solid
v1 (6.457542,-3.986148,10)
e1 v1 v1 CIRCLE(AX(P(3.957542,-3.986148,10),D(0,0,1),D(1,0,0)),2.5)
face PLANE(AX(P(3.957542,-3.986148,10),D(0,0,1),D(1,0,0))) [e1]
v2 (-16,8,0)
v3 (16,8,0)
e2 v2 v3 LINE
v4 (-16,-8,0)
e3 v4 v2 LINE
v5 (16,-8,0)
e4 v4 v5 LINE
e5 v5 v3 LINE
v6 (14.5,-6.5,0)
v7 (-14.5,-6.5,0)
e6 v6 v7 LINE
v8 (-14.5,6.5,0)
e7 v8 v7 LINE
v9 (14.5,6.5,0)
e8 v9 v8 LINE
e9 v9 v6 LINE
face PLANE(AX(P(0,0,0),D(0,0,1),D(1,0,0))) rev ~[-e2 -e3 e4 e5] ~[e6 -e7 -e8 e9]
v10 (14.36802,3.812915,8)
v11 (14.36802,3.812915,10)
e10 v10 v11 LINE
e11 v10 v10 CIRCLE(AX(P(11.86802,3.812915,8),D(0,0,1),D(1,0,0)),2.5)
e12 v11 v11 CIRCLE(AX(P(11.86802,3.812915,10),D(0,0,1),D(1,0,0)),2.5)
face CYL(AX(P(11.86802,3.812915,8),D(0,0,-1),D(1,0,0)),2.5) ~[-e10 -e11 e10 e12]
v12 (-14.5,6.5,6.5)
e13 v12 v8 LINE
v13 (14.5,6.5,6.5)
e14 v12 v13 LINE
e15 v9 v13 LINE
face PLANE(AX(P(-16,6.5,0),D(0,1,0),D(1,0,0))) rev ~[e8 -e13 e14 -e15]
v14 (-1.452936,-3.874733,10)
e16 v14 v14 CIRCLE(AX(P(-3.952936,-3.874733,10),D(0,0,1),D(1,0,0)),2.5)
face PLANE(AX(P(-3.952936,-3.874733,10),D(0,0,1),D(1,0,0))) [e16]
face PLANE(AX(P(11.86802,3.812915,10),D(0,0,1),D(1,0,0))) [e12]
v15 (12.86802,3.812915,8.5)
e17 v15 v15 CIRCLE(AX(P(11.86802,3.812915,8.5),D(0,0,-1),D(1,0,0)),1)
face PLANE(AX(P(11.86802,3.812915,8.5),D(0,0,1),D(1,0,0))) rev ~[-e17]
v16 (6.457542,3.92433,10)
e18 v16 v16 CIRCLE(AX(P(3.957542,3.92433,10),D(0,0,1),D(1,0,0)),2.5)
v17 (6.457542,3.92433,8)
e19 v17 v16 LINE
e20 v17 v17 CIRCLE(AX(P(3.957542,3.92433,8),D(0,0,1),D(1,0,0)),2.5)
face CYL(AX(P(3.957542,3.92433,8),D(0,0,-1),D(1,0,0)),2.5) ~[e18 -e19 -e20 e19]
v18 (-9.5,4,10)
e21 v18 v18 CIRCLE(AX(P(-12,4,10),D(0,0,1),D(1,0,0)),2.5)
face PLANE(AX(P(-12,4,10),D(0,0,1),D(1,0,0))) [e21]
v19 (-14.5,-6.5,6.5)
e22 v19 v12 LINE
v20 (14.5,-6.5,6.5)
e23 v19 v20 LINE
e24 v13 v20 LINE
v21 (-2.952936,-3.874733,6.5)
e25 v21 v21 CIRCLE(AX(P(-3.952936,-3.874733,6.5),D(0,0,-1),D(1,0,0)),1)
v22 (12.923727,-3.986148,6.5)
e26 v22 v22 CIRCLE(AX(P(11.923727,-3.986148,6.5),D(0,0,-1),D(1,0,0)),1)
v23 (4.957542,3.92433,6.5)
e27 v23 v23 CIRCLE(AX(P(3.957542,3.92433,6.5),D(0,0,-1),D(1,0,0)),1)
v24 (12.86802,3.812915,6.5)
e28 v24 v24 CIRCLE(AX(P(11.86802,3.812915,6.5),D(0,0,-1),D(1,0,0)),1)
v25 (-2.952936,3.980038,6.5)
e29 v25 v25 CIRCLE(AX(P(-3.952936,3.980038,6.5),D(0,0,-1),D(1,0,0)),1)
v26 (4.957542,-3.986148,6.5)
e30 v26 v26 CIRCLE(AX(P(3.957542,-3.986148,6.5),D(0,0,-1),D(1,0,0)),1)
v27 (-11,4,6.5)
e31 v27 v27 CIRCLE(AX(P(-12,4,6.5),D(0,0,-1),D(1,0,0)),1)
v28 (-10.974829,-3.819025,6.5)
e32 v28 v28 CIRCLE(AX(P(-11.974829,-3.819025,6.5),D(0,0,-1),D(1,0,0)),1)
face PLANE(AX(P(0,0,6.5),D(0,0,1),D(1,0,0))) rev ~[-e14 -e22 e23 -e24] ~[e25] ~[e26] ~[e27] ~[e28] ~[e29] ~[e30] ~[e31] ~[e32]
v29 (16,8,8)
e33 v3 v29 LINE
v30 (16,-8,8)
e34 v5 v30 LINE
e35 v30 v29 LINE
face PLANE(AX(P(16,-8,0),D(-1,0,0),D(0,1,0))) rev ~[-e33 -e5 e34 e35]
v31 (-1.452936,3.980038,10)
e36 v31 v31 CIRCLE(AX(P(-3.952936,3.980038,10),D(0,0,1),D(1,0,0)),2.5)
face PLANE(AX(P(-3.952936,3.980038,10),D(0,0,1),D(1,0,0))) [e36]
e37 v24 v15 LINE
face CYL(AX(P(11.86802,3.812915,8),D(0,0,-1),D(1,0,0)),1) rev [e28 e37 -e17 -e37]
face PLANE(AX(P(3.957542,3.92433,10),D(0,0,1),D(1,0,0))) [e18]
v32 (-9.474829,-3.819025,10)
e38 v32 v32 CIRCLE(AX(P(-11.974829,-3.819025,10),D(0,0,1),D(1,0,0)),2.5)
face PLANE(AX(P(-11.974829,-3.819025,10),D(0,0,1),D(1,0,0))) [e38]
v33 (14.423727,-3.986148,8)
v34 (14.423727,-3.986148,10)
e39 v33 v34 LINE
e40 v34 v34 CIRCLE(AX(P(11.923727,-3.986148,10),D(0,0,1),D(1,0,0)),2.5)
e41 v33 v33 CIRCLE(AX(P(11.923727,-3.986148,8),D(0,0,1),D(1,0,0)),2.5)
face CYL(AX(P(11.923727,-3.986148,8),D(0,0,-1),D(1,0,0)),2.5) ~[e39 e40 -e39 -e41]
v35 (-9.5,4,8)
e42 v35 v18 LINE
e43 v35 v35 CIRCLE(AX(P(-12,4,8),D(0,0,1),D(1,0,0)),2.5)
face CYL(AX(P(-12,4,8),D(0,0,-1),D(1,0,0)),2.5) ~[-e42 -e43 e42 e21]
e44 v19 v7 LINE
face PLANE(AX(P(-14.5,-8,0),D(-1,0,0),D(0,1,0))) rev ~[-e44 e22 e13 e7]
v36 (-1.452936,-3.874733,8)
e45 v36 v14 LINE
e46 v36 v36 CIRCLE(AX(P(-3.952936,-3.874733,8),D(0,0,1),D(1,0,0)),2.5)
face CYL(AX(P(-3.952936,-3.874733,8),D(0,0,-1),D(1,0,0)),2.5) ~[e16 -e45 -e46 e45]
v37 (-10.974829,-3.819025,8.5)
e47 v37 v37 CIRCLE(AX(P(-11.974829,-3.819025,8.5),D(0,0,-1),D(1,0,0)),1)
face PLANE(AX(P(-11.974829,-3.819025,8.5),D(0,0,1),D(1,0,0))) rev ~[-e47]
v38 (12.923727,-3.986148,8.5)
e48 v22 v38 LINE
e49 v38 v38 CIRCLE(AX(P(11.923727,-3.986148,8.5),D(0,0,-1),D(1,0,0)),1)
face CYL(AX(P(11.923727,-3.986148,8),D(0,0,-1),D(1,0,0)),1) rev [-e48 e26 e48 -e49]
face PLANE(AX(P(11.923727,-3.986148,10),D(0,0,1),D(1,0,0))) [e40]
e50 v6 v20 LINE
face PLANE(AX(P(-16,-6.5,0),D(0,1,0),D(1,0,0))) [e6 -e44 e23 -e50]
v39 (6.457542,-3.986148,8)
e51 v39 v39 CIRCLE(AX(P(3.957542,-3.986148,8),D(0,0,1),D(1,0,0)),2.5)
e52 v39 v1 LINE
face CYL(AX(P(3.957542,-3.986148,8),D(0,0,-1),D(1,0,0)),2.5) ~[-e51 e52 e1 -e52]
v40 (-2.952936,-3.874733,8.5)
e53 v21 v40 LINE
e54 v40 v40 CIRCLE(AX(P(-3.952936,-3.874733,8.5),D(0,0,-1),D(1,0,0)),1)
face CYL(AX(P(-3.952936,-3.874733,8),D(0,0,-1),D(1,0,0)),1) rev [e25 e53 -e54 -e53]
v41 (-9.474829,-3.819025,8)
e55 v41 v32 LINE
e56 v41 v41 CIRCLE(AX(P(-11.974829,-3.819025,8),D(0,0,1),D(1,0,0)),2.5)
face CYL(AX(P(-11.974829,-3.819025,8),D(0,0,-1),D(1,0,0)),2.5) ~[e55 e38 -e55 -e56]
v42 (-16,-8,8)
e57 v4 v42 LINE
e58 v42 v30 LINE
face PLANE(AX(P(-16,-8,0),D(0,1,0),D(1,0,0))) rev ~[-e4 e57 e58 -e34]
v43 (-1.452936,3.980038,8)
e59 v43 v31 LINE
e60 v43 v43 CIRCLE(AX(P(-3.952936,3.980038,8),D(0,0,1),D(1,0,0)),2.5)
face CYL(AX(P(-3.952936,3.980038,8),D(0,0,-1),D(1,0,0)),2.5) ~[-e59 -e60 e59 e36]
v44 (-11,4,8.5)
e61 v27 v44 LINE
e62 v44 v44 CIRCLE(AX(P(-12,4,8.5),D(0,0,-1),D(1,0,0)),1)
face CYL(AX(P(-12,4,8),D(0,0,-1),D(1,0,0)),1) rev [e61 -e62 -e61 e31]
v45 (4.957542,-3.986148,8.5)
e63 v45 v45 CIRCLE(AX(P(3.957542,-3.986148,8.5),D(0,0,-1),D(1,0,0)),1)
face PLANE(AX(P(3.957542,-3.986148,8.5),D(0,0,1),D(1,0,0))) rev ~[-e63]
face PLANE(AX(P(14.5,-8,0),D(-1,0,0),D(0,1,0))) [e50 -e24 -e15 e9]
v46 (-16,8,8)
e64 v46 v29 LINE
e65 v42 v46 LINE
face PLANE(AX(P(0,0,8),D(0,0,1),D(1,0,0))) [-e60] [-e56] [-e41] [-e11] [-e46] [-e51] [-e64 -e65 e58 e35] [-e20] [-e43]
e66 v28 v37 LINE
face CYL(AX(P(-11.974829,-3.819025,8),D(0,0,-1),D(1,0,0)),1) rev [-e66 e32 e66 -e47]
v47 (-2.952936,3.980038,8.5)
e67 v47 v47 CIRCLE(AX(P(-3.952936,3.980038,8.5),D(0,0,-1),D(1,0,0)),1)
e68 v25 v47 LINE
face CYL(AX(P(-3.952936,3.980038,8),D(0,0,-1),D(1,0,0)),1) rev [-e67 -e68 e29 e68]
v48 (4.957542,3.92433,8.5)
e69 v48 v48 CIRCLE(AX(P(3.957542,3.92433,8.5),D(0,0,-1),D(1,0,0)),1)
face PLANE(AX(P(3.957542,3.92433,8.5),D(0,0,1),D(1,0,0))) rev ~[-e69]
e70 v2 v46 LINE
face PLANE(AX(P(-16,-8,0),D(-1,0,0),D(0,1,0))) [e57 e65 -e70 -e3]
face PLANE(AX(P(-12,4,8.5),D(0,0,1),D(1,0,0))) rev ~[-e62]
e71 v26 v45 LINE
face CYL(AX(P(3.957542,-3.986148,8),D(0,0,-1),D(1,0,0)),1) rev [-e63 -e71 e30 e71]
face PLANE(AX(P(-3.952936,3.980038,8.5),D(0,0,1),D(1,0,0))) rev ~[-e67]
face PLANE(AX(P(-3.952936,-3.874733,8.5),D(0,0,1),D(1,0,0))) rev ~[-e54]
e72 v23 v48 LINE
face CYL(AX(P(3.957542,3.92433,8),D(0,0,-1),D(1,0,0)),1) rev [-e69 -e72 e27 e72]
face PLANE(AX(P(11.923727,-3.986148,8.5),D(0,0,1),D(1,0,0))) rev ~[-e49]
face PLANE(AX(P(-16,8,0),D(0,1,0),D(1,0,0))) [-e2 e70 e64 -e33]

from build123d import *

# Parameters (mm, degrees)
F0_W     = 32
F0_H     = 16
F1_DEPTH = 8
F2_R     = 2.5
F3_DEPTH = 2
F4_T     = -1.5


with BuildPart() as f1:
    # F0 (on Top) → F1 (new body)
    with BuildSketch(Plane.XY):
        Rectangle(F0_W, F0_H)
    extrude(amount=F1_DEPTH)

    # F2 (on face) → F3 (join)
    with BuildSketch(Plane.XY.offset(8)):
        with Locations((-12, 4)):
            Circle(F2_R)
        with Locations((-3.9529362693, 3.9800377563)):
            Circle(F2_R)
        with Locations((3.9575416595, 3.9243297651)):
            Circle(F2_R)
        with Locations((11.8680195883, 3.8129147142)):
            Circle(F2_R)
        with Locations((-11.9748292491, -3.8190248888)):
            Circle(F2_R)
        with Locations((-3.9529362693, -3.8747326471)):
            Circle(F2_R)
        with Locations((3.9575416595, -3.9861481637)):
            Circle(F2_R)
        with Locations((11.9237266481, -3.9861481637)):
            Circle(F2_R)
    extrude(amount=F3_DEPTH)

    # F4
    f4_openings = [f1.faces().sort_by_distance(p)[0] for p in [
        (0, 0, 0),
    ]]
    offset(amount=F4_T, openings=f4_openings, kind=Kind.INTERSECTION)


solid = f1.part
